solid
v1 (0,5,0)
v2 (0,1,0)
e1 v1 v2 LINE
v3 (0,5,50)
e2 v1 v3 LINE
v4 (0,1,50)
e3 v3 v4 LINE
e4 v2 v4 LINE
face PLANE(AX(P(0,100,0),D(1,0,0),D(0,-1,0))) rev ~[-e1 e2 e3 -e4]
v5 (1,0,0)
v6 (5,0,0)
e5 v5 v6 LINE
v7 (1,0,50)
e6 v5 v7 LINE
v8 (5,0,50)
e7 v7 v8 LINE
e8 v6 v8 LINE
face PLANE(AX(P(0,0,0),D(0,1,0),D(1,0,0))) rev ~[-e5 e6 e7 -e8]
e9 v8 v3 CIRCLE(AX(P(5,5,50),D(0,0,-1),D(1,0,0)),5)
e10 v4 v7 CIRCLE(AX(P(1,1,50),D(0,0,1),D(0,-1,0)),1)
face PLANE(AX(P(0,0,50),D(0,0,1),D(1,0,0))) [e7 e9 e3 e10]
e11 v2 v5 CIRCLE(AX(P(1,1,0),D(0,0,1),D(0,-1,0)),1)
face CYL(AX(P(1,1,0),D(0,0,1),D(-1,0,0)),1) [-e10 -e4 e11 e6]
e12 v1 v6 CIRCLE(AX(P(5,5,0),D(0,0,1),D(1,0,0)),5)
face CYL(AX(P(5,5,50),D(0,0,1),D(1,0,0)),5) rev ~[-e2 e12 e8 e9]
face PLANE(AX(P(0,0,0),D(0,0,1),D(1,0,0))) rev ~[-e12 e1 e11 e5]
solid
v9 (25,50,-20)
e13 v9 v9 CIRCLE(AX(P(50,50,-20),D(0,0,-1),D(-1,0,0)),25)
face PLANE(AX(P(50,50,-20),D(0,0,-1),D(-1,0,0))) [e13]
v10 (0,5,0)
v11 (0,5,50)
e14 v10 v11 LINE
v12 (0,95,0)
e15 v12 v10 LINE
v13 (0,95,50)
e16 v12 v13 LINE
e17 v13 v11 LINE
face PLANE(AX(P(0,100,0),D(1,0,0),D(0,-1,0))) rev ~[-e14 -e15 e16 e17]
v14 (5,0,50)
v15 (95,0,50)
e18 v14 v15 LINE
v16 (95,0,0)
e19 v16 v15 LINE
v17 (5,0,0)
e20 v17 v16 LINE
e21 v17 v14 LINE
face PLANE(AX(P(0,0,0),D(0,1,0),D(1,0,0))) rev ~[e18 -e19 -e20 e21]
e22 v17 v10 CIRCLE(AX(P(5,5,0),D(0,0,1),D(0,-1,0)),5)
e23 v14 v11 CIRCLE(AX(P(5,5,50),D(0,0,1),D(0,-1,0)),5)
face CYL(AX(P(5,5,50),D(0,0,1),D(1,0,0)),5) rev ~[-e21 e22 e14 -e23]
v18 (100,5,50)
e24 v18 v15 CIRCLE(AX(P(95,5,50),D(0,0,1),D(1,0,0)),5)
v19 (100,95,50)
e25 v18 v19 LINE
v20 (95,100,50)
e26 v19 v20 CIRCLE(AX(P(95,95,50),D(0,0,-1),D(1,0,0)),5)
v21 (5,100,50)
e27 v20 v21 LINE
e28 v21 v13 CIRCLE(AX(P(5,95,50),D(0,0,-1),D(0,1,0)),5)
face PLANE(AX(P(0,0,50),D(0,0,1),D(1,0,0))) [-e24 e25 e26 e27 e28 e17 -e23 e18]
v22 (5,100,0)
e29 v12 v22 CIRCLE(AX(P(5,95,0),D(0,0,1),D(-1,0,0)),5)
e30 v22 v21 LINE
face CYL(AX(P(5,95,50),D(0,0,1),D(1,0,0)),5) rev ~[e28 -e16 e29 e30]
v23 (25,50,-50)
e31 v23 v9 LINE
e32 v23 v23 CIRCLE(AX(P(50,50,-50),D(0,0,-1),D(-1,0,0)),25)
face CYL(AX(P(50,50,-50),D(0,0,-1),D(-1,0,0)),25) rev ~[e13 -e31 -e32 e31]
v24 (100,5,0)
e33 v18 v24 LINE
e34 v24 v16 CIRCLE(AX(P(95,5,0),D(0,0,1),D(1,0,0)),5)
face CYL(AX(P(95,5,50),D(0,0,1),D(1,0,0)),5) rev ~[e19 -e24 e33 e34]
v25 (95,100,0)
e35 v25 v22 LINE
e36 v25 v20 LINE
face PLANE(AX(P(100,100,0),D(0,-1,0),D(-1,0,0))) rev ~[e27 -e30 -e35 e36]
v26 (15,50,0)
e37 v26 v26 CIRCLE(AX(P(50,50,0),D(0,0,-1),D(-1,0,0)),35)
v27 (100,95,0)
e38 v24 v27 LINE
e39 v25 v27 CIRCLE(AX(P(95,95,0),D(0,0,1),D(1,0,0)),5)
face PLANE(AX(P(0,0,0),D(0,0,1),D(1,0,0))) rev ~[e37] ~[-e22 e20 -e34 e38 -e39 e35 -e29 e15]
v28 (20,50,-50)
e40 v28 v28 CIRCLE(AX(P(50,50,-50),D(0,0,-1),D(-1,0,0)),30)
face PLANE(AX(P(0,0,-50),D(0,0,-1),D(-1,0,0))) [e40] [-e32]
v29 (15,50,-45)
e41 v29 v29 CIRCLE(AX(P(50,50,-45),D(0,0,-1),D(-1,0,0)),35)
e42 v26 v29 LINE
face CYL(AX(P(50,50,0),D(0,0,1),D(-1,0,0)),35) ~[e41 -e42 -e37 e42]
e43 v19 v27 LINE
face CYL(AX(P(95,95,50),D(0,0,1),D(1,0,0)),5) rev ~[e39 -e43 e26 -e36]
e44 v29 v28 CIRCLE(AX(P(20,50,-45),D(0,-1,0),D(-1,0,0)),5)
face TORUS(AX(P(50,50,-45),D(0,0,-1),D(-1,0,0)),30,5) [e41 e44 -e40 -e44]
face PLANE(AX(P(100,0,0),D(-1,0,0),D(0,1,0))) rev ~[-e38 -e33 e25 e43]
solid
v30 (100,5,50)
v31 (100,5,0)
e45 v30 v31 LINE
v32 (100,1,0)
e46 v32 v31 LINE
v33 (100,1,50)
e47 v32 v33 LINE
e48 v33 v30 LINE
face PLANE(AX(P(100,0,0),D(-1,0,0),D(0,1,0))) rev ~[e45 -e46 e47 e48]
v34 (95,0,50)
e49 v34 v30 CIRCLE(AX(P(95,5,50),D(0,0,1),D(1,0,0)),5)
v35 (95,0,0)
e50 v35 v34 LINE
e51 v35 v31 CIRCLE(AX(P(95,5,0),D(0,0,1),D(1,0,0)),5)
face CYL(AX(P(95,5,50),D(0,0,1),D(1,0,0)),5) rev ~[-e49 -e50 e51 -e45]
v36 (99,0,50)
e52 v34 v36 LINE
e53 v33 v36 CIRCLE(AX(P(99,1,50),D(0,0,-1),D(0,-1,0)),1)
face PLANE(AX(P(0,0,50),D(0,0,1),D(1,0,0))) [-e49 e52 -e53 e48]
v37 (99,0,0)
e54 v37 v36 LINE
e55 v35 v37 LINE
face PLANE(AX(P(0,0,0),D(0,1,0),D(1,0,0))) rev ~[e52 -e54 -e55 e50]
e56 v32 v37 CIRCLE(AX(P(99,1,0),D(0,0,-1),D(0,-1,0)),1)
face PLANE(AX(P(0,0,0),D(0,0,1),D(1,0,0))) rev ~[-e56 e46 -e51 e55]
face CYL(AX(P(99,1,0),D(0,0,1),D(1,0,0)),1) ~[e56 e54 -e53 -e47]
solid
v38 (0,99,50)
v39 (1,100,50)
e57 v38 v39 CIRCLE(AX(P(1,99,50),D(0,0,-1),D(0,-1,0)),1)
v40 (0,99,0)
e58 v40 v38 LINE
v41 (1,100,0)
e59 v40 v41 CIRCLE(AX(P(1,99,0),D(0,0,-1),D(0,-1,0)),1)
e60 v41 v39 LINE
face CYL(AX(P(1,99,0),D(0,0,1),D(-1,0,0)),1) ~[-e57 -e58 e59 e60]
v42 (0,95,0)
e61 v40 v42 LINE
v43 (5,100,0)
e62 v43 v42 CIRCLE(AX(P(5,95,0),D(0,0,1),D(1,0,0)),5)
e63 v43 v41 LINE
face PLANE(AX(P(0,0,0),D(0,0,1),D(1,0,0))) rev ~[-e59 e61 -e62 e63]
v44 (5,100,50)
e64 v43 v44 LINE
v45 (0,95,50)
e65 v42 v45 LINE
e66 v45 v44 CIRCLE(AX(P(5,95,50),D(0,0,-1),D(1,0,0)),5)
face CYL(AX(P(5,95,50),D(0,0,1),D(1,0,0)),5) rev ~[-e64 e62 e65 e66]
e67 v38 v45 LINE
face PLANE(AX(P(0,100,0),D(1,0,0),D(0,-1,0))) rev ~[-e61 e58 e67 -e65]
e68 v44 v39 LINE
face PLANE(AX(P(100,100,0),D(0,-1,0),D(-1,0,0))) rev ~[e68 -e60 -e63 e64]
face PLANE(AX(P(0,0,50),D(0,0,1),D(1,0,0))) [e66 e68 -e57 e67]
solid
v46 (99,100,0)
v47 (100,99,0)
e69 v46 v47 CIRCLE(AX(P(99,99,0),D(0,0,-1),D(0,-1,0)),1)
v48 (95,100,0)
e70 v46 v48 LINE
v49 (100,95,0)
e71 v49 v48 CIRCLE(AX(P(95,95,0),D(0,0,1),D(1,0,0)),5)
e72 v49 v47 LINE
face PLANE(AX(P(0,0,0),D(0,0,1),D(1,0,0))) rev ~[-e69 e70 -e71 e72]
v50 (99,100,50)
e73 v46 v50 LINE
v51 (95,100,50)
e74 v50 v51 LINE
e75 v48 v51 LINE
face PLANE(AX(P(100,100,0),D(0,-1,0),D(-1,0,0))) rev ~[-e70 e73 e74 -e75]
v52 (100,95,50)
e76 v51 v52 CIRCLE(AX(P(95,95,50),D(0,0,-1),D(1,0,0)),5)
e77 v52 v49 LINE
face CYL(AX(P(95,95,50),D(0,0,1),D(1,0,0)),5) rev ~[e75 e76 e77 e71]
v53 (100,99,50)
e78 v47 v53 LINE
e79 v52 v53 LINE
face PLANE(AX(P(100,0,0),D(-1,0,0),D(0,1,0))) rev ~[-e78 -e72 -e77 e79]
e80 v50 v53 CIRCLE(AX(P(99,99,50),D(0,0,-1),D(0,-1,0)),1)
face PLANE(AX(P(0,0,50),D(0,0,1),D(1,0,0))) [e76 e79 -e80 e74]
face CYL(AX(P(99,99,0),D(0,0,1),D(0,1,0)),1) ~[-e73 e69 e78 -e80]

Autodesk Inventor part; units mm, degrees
ref_plane "YZ Plane" through (0, 0, 0) normal (1, 0, 0) x (0, 1, 0)
ref_plane "XZ Plane" through (0, 0, 0) normal (0, 1, 0) x (-1, 0, 0)
ref_plane "XY Plane" through (0, 0, 0) normal (0, 0, 1) x (1, 0, 0)
sketch "Sketch1" plane through (0, 0, 0) normal (0, 0, 1) x (1, 0, 0)
  line L0 (0, 0) -> (100, 0)
  line L1 (100, 0) -> (100, 100)
  line L2 (100, 100) -> (0, 100)
  line L3 (0, 100) -> (0, 0)
  dimension "d0" = 100
  dimension "d1" = 100
extrude "Extrusion1" add sketch "Sketch1" along normal blind 50
sketch "Sketch2" plane through (0, 0, 50) normal (0, 0, 1) x (1, 0, 0)
  point P0 (0, 0)
sketch "Sketch5" plane through (0, 0, 50) normal (0, 0, 1) x (1, 0, 0)
  line L0 (5, 5) -> (95, 95) construction
  line L1 (95, 5) -> (5, 95) construction
  circle A0 centre (5, 95) radius 5
  line L2 (0, 100) -> (0, 0) projected
  circle A1 centre (95, 95) radius 5
  line L3 (100, 100) -> (0, 100) projected
  circle A2 centre (95, 5) radius 5
  circle A3 centre (5, 5) radius 5
  point P0 (50, 50)
  dimension "d11" = 90
  dimension "d12" = 90
extrude "Extrusion2" cut sketch "Sketch5" against normal blind 50 contours A0 | A3 | A1 | A2
fillet "Fillet1" radius 1 1 edges at (0, 100, 25)
fillet "Fillet2" radius 1 1 edges at (100, 100, 25)
fillet "Fillet3" radius 1 1 edges at (0, 0, 25)
fillet "Fillet4" radius 1 1 edges at (100, 0, 25)
sketch "Sketch6" plane through (0, 0, 0) normal (0, 0, -1) x (-1, 0, 0)
  line L0 (-15, 15) -> (-85, 85) construction
  line L1 (-85, 15) -> (-15, 85) construction
  circle A0 centre (-50, 50) radius 35
  point P0 (0, 0)
  dimension "d20" = 70
  dimension "d21" = 70
extrude "Extrusion3" add sketch "Sketch6" along normal blind 50
sketch "Sketch7" plane through (50, 50, -50) normal (0, 0, -1) x (-1, 0, 0)
  circle A0 centre (0, 0) radius 25
  point P0 (50, -50)
  dimension "d24" = 50
extrude "Extrusion4" cut sketch "Sketch7" against normal blind 30
fillet "Fillet5" radius 5 1 edges at (85, 50, -50)
thread "Thread1" size "M50x4" class "6H" standard "ANSI Metric M Profile" full length
properties part number "Tarea1jrsr"
